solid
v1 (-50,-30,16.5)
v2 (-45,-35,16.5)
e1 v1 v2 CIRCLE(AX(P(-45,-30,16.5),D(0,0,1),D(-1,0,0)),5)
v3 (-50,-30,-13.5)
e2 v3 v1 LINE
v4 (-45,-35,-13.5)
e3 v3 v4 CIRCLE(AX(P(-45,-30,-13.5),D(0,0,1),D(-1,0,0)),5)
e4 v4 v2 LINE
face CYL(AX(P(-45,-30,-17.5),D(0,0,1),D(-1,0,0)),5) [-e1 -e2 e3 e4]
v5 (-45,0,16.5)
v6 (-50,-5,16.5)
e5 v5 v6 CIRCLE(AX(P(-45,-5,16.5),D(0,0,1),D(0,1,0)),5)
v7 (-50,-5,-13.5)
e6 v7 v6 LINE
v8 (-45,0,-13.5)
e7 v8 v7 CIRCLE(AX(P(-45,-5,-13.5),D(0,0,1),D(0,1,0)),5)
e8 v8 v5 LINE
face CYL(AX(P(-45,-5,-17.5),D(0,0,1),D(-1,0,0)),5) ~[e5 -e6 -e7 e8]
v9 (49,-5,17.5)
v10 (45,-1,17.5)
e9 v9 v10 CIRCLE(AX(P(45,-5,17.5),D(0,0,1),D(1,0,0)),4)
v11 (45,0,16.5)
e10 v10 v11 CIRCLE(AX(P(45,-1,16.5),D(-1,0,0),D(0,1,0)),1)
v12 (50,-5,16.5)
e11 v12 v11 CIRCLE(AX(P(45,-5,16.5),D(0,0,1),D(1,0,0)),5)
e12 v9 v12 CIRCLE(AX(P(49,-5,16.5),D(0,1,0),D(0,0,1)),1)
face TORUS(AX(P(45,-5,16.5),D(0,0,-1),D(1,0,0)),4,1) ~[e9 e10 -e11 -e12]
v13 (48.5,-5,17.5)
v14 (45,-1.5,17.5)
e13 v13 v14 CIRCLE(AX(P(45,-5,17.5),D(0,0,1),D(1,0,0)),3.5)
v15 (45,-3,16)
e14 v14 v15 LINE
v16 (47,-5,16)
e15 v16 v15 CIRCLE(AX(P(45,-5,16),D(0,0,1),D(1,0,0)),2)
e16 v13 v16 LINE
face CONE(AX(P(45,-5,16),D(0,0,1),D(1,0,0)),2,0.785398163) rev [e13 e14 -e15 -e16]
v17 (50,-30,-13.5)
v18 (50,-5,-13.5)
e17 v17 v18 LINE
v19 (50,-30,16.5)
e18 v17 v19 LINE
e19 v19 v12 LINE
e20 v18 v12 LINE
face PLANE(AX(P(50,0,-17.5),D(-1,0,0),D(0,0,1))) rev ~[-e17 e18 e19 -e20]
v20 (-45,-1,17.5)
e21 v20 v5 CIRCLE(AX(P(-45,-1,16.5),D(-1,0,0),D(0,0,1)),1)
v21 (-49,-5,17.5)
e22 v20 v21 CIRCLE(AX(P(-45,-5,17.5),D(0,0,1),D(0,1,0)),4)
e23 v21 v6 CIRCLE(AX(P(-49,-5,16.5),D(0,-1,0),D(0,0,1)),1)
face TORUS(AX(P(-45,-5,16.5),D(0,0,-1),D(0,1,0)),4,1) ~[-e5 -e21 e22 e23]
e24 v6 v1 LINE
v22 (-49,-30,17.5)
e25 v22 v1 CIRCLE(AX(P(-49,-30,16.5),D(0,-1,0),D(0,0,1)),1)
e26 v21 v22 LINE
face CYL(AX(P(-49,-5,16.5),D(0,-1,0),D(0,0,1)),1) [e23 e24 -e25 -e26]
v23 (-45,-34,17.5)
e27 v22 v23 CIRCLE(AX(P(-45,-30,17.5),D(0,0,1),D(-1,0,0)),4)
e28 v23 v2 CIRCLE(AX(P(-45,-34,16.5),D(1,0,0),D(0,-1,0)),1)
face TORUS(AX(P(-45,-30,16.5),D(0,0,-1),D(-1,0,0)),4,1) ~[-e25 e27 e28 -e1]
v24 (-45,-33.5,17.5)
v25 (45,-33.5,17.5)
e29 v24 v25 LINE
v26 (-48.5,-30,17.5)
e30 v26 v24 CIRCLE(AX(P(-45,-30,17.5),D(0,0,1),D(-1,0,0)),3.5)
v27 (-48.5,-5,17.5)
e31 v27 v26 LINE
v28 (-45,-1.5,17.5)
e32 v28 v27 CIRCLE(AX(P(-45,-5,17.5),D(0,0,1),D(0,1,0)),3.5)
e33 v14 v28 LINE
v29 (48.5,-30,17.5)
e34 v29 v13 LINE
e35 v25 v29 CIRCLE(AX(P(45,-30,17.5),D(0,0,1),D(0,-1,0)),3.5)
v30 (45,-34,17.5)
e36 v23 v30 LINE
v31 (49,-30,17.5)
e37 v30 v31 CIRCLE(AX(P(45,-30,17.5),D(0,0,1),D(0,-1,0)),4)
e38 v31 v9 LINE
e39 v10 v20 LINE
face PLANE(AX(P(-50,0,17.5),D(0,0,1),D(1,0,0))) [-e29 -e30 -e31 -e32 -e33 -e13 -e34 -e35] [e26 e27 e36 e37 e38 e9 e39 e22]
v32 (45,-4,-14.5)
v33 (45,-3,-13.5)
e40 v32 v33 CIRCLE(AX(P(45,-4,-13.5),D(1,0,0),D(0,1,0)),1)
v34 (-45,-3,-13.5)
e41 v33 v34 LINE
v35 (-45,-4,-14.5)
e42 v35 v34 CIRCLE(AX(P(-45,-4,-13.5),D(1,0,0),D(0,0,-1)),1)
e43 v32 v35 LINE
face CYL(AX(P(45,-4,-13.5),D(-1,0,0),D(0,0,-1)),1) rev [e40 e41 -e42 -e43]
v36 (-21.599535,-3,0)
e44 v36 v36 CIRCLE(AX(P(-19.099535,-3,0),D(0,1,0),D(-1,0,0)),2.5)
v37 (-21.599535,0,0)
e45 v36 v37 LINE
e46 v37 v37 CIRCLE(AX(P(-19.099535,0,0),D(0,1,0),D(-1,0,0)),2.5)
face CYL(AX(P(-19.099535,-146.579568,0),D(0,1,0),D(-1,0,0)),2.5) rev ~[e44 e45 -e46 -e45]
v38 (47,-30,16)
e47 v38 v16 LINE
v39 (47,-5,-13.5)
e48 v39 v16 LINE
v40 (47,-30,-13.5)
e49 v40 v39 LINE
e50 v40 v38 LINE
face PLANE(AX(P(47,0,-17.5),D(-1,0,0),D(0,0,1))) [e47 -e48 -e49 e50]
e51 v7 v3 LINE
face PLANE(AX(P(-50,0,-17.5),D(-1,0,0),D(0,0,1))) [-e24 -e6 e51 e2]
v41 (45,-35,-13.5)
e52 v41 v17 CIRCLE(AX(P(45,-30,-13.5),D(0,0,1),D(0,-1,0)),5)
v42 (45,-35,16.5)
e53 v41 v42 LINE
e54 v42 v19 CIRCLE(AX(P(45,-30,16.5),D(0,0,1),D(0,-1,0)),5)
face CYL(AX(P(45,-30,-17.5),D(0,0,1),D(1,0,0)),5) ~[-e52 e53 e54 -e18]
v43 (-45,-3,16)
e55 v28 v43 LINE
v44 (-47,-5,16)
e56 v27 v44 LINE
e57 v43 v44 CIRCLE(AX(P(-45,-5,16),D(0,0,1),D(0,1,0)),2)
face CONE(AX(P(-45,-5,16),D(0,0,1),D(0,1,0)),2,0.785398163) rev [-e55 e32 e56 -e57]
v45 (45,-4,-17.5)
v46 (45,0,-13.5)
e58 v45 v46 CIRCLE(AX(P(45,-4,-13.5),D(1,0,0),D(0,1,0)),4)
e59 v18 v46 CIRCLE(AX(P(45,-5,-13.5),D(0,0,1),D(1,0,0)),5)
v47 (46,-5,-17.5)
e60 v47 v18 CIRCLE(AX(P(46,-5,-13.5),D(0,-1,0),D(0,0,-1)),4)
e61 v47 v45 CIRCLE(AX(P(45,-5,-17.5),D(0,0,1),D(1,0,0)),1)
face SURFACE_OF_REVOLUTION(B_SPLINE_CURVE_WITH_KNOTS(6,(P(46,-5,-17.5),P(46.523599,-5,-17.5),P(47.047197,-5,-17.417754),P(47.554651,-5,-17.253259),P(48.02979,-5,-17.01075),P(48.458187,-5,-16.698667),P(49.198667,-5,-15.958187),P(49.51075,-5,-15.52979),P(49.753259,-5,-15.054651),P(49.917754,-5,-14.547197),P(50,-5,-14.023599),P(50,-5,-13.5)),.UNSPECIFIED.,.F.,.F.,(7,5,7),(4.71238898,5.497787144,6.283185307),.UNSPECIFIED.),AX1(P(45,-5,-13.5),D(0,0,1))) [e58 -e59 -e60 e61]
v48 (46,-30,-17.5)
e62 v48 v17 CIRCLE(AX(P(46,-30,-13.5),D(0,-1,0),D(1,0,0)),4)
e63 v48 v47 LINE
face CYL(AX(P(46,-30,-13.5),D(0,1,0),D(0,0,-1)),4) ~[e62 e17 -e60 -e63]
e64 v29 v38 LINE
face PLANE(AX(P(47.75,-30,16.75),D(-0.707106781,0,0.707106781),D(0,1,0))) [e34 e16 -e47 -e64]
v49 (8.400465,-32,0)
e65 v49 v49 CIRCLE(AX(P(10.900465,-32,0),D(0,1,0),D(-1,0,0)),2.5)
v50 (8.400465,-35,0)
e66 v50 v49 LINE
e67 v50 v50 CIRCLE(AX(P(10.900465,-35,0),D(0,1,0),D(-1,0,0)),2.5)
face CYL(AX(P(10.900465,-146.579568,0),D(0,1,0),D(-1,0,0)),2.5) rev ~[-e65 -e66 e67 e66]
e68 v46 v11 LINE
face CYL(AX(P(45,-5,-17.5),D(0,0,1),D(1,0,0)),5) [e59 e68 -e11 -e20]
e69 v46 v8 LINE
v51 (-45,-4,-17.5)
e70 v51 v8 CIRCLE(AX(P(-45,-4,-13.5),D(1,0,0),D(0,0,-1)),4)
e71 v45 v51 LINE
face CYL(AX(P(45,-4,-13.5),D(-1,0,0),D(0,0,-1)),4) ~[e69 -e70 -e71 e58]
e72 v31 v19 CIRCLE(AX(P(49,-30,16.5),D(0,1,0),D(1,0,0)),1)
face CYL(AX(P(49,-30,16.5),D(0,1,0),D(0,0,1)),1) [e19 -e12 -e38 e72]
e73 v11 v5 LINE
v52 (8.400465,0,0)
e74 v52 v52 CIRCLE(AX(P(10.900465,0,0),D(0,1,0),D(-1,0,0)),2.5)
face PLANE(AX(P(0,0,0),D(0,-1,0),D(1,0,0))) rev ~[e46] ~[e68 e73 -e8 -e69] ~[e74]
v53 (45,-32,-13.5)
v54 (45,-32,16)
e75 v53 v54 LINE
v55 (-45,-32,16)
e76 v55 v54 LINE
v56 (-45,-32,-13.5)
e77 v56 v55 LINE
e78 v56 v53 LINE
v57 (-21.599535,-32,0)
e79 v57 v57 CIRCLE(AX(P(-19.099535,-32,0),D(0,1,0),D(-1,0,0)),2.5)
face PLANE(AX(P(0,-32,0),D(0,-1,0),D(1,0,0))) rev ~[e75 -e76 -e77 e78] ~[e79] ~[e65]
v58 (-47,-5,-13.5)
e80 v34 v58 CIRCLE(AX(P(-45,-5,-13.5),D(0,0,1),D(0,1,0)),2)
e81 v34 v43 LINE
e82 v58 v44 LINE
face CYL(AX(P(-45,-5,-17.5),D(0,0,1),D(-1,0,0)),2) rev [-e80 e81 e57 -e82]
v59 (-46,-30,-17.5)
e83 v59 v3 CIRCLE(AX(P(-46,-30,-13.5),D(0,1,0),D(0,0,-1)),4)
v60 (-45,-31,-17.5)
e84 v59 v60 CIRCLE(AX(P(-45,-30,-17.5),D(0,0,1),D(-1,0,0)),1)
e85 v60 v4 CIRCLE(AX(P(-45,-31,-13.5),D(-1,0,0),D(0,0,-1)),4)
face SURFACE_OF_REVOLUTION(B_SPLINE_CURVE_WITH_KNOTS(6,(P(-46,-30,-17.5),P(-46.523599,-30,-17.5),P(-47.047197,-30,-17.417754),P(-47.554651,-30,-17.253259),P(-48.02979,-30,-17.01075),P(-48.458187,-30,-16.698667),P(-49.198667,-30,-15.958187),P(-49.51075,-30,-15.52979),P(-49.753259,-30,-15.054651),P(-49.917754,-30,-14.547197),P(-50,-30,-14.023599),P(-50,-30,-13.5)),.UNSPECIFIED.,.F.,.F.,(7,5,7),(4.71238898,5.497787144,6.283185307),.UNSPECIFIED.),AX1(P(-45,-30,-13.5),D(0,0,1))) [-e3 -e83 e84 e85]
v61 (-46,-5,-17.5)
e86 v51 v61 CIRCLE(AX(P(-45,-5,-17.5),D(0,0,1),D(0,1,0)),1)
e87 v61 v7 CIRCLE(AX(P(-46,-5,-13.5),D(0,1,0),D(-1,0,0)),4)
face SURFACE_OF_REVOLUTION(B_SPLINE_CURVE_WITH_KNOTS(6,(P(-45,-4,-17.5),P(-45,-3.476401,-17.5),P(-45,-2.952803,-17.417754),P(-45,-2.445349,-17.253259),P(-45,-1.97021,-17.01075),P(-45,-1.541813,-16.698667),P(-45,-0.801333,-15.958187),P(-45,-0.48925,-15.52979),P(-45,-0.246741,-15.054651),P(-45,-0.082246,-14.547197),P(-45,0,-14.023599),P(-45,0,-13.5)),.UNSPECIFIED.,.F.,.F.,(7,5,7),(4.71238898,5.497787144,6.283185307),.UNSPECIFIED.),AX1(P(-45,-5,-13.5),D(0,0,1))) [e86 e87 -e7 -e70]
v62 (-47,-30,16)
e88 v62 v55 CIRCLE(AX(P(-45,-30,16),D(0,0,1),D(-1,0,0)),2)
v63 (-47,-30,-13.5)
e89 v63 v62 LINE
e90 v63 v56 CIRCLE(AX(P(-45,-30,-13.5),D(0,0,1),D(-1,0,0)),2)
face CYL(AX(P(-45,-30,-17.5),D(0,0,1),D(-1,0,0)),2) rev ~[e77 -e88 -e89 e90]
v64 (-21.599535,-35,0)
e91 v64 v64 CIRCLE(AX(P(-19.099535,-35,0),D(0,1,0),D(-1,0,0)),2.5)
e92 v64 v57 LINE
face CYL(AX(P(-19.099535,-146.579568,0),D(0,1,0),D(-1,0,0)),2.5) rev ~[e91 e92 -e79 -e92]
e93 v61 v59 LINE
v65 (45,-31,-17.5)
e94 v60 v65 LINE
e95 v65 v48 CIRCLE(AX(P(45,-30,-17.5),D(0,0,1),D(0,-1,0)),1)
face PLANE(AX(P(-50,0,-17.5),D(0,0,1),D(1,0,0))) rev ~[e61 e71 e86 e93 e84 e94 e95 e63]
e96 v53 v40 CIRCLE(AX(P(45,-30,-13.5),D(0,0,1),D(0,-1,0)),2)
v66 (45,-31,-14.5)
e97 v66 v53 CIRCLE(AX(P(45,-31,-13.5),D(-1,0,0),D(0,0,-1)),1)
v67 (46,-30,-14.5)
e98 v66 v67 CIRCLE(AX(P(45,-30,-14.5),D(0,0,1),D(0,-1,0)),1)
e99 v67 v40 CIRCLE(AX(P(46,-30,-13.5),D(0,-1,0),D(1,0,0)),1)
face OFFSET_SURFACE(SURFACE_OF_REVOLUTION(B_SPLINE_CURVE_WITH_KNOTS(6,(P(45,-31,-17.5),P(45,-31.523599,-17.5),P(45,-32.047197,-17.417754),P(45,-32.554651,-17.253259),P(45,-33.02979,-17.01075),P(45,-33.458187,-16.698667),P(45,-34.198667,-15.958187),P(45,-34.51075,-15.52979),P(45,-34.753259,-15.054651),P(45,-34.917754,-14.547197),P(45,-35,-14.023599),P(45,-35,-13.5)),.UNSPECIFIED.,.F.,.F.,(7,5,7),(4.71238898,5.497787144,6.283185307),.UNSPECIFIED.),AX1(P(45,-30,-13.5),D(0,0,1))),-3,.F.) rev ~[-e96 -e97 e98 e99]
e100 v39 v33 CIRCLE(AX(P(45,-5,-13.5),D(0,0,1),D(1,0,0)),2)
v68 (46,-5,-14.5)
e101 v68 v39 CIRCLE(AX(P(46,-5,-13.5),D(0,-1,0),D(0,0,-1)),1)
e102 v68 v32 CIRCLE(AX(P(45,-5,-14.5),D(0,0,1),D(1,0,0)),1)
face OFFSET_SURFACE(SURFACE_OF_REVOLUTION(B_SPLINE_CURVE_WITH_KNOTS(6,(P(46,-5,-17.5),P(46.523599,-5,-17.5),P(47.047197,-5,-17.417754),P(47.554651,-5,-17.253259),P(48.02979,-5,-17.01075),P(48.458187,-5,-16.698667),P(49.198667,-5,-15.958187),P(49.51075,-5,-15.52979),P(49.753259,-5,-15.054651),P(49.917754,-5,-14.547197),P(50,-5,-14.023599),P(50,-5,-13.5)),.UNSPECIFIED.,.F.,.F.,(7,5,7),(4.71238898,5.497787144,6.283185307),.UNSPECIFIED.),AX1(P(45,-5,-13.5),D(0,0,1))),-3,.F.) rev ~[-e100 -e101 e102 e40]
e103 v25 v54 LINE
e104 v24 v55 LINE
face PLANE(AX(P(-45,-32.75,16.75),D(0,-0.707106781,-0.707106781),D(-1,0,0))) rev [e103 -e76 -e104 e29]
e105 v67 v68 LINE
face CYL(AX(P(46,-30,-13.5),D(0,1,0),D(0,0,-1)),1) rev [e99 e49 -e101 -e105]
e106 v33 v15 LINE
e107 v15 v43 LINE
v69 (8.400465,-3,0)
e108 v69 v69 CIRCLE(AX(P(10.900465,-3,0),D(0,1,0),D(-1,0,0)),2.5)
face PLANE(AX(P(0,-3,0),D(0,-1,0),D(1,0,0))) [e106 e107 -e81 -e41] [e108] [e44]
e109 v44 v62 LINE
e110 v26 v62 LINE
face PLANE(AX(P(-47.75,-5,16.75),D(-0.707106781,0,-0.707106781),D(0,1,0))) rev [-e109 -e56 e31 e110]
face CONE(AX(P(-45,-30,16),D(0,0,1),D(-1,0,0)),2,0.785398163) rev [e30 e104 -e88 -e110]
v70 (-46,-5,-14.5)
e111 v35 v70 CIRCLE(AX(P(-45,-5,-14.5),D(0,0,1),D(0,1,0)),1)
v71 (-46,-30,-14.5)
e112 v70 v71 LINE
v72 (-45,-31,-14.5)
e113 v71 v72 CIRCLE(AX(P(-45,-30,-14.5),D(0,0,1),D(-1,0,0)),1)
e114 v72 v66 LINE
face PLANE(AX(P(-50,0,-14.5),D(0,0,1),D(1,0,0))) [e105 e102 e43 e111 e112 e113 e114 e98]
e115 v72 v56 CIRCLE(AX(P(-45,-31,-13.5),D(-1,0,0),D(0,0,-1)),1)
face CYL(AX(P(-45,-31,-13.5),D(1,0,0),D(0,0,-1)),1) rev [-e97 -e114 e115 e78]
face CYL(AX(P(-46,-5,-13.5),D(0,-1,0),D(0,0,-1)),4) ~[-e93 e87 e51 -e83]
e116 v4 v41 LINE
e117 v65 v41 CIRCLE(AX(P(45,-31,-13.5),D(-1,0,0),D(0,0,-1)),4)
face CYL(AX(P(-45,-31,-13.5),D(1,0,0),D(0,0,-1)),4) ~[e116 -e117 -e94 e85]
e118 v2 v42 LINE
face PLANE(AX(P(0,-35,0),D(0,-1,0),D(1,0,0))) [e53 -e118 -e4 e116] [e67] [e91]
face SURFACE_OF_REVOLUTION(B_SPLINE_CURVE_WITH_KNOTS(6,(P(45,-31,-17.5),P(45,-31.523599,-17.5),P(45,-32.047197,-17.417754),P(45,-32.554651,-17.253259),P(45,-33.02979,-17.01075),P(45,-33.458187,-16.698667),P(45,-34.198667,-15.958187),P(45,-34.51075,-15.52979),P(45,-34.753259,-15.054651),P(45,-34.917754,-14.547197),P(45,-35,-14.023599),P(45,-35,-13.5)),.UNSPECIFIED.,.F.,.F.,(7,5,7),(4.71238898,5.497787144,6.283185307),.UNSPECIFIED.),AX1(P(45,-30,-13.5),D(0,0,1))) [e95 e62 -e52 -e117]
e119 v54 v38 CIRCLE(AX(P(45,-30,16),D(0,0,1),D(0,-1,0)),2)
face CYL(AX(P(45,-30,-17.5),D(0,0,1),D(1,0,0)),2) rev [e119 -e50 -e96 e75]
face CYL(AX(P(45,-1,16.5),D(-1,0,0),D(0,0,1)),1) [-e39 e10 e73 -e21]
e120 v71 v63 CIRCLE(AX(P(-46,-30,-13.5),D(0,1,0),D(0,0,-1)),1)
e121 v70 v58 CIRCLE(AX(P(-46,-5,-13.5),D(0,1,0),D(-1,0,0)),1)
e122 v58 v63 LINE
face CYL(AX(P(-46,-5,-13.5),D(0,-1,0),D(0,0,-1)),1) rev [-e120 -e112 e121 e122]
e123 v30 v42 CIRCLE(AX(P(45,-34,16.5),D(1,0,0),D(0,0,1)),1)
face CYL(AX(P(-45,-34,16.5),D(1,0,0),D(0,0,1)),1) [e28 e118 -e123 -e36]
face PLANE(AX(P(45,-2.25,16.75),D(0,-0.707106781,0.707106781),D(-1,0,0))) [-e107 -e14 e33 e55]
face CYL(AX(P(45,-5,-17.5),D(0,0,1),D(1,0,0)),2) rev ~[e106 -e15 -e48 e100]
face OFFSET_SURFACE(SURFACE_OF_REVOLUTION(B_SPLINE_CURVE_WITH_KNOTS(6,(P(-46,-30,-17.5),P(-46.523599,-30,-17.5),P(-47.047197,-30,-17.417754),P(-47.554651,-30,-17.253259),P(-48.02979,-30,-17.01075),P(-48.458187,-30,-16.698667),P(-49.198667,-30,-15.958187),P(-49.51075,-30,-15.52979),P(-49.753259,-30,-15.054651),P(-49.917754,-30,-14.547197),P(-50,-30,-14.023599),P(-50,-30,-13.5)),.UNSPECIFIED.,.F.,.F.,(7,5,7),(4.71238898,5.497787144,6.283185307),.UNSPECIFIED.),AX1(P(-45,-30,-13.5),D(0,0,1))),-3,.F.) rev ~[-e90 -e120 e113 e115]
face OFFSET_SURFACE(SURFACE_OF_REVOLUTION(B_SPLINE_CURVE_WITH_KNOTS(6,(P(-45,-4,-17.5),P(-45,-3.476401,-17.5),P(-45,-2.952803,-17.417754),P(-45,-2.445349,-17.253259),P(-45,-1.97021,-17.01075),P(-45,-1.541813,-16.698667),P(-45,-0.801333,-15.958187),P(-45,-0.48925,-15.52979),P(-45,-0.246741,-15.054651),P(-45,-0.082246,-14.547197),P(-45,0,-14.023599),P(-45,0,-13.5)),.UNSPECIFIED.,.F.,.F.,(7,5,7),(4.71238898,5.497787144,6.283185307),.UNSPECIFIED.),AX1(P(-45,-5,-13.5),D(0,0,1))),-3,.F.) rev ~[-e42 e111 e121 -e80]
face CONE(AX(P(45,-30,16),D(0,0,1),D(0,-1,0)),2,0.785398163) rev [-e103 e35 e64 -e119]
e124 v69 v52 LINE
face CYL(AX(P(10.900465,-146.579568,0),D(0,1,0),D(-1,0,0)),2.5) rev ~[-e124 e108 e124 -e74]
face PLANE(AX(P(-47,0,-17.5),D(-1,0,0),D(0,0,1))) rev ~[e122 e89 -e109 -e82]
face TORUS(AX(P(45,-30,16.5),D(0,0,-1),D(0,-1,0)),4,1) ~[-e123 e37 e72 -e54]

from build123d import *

# Parameters (mm, degrees)
F0_W     = 100
F0_H     = 35
F1_DEPTH = 35
F2_R     = 5
F3_R     = 4
F4_T     = -3
F6_D     = 5
F7_SIZE  = 1.5
F8_R     = 1


with BuildPart() as f1:
    # F0 (on Front) → F1 (new body)
    with BuildSketch(Plane.XZ):
        Rectangle(F0_W, F0_H)
    extrude(amount=F1_DEPTH)

    # F2
    f2_edges = [f1.edges().sort_by_distance(p)[0] for p in [
        (50, -35, 0),
        (50, 0, 0),
        (-50, -35, 0),
        (-50, 0, 0),
    ]]
    fillet(f2_edges, radius=F2_R)

    # F3
    f3_edges = [f1.edges().sort_by_distance(p)[0] for p in [
        (0, -35, -17.5),
    ]]
    fillet(f3_edges, radius=F3_R)

    # F4
    f4_openings = [f1.faces().sort_by_distance(p)[0] for p in [
        (0, -17.5, 17.5),
    ]]
    offset(amount=F4_T, openings=f4_openings)

    # F6 (through all)
    with Locations(Plane.XZ.offset(35)):
        with Locations((-19.0995354205, 0), (10.9004645795, 0)):
            Hole(F6_D / 2)

    # F7
    f7_edges = [f1.edges().sort_by_distance(p)[0] for p in [
        (-47, -17.5, 17.5),
        (0, -3, 17.5),
        (47, -17.5, 17.5),
        (0, -32, 17.5),
    ]]
    chamfer(f7_edges, length=F7_SIZE)

    # F8
    f8_edges = [f1.edges().sort_by_distance(p)[0] for p in [
        (-50, -17.5, 17.5),
    ]]
    fillet(f8_edges, radius=F8_R)


solid = f1.part
